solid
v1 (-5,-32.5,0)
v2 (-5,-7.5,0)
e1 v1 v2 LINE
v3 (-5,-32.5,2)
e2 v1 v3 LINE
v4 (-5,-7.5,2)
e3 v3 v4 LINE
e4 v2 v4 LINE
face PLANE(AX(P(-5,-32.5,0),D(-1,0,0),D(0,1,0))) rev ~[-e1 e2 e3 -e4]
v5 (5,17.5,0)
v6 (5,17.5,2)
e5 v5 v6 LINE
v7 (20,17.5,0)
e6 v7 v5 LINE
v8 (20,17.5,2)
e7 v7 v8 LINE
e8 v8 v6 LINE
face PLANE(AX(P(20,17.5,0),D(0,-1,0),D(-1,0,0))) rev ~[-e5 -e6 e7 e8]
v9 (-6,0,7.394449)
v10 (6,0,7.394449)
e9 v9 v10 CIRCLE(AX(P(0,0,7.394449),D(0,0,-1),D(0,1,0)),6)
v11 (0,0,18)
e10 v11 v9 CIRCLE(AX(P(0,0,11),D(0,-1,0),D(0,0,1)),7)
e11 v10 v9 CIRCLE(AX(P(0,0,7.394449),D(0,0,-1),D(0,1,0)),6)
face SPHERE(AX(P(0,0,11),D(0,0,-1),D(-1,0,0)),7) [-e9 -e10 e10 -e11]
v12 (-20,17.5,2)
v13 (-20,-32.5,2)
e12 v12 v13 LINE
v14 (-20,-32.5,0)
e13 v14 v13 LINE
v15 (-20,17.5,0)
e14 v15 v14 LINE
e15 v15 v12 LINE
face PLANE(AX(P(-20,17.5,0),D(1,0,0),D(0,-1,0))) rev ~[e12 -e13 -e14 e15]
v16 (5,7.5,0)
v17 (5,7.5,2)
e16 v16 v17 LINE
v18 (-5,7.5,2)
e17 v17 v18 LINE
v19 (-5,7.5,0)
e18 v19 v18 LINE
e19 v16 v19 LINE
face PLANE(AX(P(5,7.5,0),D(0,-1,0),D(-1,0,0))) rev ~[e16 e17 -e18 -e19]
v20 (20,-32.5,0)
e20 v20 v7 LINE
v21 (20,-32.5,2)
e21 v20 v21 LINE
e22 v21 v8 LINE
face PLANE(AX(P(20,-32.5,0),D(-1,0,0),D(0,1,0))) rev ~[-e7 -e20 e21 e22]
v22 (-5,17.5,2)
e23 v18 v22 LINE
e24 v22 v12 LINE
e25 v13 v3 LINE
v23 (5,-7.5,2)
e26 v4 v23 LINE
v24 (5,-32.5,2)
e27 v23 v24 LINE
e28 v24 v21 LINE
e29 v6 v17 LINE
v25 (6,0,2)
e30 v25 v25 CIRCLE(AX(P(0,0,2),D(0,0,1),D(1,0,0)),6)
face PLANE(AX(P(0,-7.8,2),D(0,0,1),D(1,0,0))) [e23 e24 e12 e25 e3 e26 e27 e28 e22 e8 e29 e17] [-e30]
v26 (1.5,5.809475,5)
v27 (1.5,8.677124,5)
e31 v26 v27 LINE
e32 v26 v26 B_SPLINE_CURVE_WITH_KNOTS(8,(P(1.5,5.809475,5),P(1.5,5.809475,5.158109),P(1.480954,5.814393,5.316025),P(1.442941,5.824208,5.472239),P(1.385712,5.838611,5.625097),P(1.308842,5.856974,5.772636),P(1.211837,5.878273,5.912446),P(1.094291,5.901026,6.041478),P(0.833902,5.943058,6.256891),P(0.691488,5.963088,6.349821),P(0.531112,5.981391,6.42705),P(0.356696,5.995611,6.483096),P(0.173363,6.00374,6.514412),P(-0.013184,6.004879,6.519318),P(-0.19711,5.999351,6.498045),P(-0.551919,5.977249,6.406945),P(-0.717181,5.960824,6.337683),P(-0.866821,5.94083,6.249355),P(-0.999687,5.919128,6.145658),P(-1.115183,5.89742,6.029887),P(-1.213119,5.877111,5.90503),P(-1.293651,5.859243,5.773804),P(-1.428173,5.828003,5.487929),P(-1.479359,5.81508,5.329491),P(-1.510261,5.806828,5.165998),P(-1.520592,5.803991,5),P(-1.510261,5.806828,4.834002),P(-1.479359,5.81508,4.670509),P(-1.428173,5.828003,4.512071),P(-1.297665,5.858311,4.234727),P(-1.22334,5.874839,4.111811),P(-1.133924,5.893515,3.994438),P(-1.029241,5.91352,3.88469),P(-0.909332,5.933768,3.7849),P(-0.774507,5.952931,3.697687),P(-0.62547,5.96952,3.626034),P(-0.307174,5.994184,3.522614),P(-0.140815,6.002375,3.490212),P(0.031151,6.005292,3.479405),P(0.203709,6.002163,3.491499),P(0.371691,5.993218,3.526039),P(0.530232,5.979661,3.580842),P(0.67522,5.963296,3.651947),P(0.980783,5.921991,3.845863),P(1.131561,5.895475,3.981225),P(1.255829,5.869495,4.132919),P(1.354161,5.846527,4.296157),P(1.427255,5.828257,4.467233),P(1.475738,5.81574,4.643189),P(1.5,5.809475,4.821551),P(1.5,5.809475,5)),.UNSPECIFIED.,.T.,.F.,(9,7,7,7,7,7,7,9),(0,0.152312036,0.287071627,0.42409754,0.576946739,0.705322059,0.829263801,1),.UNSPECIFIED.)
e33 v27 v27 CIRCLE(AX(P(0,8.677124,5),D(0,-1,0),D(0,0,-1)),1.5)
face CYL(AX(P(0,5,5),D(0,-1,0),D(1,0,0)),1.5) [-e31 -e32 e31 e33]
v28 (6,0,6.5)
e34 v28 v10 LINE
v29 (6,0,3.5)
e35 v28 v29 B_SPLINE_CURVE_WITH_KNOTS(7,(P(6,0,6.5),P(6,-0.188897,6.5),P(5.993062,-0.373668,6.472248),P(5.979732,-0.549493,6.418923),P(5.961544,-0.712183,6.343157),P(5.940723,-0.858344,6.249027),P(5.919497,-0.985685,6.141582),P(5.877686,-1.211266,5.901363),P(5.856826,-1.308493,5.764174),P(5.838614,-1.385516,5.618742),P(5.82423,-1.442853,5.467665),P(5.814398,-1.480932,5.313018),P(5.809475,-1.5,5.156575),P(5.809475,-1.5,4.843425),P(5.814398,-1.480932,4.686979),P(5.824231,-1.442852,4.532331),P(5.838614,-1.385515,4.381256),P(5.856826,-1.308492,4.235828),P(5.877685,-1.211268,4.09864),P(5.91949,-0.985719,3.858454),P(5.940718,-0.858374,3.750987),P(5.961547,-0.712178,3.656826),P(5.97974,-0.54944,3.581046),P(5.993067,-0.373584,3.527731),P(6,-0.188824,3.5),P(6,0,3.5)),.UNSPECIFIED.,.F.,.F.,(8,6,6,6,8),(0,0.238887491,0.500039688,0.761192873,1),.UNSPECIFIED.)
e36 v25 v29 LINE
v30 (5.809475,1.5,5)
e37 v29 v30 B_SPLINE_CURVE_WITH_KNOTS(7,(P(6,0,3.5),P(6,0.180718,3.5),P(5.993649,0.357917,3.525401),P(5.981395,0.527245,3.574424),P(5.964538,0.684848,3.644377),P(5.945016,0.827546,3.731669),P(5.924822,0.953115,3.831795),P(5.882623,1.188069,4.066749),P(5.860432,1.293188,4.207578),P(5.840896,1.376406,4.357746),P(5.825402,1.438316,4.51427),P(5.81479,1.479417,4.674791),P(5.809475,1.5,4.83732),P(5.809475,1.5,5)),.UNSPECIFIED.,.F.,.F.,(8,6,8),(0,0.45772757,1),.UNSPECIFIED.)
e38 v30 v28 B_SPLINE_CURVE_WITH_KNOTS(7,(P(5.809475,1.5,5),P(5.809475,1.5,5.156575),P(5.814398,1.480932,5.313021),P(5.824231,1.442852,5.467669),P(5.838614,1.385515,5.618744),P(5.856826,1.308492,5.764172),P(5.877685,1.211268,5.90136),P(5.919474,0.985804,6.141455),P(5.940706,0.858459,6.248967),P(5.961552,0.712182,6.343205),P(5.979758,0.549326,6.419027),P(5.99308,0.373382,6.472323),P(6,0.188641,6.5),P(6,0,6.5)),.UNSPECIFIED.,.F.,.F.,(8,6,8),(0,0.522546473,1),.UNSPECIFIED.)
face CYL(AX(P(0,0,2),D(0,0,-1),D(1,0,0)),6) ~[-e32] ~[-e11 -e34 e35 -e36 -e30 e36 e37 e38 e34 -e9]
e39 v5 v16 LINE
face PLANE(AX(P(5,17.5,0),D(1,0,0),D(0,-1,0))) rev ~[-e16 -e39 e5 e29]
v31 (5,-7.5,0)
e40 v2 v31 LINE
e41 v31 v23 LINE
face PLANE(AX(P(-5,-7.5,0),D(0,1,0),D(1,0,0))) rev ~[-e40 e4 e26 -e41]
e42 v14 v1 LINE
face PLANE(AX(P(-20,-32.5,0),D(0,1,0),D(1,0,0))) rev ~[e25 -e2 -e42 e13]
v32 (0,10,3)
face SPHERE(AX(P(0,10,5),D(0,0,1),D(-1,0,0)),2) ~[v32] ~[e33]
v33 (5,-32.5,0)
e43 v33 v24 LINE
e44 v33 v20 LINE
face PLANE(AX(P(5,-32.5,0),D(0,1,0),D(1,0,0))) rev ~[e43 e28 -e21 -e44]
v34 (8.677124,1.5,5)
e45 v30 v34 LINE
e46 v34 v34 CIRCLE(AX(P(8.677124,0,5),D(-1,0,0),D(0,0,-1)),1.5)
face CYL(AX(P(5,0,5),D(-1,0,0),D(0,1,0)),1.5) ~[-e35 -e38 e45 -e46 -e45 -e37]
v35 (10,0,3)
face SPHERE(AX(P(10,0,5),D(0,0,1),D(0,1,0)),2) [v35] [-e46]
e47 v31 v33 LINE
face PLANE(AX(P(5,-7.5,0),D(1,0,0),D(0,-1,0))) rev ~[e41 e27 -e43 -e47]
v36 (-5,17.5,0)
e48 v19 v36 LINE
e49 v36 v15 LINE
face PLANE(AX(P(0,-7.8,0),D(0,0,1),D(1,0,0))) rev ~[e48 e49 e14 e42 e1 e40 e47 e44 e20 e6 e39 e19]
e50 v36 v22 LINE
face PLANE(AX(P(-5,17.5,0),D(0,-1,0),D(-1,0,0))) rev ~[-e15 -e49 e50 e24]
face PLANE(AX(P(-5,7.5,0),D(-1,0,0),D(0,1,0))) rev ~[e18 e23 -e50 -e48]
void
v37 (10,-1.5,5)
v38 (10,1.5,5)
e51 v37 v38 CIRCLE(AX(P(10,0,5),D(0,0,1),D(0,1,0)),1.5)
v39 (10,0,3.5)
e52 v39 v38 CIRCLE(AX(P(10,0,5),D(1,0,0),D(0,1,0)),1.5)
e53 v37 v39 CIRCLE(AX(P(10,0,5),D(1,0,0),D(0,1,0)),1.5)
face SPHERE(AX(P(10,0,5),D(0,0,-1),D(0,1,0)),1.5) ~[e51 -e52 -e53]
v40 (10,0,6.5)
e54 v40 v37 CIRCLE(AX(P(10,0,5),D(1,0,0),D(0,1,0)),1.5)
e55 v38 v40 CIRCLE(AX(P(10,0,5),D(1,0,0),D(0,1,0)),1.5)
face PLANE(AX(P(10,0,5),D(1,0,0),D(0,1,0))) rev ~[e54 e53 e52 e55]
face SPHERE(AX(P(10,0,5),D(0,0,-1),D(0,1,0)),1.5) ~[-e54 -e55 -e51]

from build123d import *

# Parameters (mm, degrees)
F1_DEPTH  = 2
F2_R      = 6
F3_DEPTH  = 7.5
F7_START  = 5
F6_R      = 1.5
F7_DEPTH  = 5
F11_START = -5
F10_R     = 1.5
F11_DEPTH = 5


with BuildPart() as f1:
    # F0 (on Top) → F1 (new body)
    with BuildSketch(Plane.XY):
        Polygon((-5, 17.5), (-20, 17.5), (-20, -32.5), (-5, -32.5), (-5, -7.5), (5, -7.5), (5, -32.5), (20, -32.5), (20, 17.5), (5, 17.5), (5, 7.5), (-5, 7.5), align=None)
    extrude(amount=F1_DEPTH)

    # F2 (on face) → F3 (join)
    with BuildSketch(Plane.XY.offset(2)):
        Circle(F2_R)
    extrude(amount=F3_DEPTH)

    # F4 (on Front) → F5 (revolve)
    with BuildSketch(Plane.XZ):
        with BuildLine():
            Line((0, 4), (0, 18))
            ThreePointArc((0, 18), (-7, 11), (0, 4))
        make_face()
    revolve(axis=Axis((0, 0, 11), (0, 0, -1)))

    # F6 (on Right) → F7 (join)
    with BuildSketch(Plane.YZ.offset(F7_START)):
        with Locations((0, 5)):
            Circle(F6_R)
    extrude(amount=F7_DEPTH)

    # F8 (on face) → F9 (revolve)
    with BuildSketch(Plane.YZ.offset(10)):
        with BuildLine():
            Line((0, 3.5), (0, 3))
            ThreePointArc((0, 3), (2, 5), (0, 7))
            Line((0, 7), (0, 6.5))
            ThreePointArc((0, 6.5), (1.0606601718, 6.0606601718), (1.5, 5))
            ThreePointArc((1.5, 5), (1.0606601718, 3.9393398282), (0, 3.5))
        make_face()
    revolve(axis=Axis((10, 0, 5), (0, 0, 1)))

    # F10 (on Front) → F11 (join)
    with BuildSketch(Plane.XZ.offset(F11_START)):
        with Locations((0, 5)):
            Circle(F10_R)
    extrude(amount=-F11_DEPTH)

    # F12 (on face) → F13 (revolve)
    with BuildSketch(Plane(origin=(0, 10, 0), x_dir=(-1, 0, 0), z_dir=(0, 1, 0))):
        with BuildLine():
            ThreePointArc((0, 3), (2, 5), (0, 7))
            Line((0, 7), (0, 6.5))
            ThreePointArc((0, 6.5), (1.0606601718, 6.0606601718), (1.5, 5))
            ThreePointArc((1.5, 5), (1.0606601718, 3.9393398282), (0, 3.5))
            Line((0, 3.5), (0, 3))
        make_face()
        with BuildLine():
            ThreePointArc((1.5, 5), (1.0606601718, 6.0606601718), (0, 6.5))
            Line((0, 6.5), (0, 3.5))
            ThreePointArc((0, 3.5), (1.0606601718, 3.9393398282), (1.5, 5))
        make_face()
    revolve(axis=Axis((0, 10, 5), (0, 0, -1)))


solid = f1.part
